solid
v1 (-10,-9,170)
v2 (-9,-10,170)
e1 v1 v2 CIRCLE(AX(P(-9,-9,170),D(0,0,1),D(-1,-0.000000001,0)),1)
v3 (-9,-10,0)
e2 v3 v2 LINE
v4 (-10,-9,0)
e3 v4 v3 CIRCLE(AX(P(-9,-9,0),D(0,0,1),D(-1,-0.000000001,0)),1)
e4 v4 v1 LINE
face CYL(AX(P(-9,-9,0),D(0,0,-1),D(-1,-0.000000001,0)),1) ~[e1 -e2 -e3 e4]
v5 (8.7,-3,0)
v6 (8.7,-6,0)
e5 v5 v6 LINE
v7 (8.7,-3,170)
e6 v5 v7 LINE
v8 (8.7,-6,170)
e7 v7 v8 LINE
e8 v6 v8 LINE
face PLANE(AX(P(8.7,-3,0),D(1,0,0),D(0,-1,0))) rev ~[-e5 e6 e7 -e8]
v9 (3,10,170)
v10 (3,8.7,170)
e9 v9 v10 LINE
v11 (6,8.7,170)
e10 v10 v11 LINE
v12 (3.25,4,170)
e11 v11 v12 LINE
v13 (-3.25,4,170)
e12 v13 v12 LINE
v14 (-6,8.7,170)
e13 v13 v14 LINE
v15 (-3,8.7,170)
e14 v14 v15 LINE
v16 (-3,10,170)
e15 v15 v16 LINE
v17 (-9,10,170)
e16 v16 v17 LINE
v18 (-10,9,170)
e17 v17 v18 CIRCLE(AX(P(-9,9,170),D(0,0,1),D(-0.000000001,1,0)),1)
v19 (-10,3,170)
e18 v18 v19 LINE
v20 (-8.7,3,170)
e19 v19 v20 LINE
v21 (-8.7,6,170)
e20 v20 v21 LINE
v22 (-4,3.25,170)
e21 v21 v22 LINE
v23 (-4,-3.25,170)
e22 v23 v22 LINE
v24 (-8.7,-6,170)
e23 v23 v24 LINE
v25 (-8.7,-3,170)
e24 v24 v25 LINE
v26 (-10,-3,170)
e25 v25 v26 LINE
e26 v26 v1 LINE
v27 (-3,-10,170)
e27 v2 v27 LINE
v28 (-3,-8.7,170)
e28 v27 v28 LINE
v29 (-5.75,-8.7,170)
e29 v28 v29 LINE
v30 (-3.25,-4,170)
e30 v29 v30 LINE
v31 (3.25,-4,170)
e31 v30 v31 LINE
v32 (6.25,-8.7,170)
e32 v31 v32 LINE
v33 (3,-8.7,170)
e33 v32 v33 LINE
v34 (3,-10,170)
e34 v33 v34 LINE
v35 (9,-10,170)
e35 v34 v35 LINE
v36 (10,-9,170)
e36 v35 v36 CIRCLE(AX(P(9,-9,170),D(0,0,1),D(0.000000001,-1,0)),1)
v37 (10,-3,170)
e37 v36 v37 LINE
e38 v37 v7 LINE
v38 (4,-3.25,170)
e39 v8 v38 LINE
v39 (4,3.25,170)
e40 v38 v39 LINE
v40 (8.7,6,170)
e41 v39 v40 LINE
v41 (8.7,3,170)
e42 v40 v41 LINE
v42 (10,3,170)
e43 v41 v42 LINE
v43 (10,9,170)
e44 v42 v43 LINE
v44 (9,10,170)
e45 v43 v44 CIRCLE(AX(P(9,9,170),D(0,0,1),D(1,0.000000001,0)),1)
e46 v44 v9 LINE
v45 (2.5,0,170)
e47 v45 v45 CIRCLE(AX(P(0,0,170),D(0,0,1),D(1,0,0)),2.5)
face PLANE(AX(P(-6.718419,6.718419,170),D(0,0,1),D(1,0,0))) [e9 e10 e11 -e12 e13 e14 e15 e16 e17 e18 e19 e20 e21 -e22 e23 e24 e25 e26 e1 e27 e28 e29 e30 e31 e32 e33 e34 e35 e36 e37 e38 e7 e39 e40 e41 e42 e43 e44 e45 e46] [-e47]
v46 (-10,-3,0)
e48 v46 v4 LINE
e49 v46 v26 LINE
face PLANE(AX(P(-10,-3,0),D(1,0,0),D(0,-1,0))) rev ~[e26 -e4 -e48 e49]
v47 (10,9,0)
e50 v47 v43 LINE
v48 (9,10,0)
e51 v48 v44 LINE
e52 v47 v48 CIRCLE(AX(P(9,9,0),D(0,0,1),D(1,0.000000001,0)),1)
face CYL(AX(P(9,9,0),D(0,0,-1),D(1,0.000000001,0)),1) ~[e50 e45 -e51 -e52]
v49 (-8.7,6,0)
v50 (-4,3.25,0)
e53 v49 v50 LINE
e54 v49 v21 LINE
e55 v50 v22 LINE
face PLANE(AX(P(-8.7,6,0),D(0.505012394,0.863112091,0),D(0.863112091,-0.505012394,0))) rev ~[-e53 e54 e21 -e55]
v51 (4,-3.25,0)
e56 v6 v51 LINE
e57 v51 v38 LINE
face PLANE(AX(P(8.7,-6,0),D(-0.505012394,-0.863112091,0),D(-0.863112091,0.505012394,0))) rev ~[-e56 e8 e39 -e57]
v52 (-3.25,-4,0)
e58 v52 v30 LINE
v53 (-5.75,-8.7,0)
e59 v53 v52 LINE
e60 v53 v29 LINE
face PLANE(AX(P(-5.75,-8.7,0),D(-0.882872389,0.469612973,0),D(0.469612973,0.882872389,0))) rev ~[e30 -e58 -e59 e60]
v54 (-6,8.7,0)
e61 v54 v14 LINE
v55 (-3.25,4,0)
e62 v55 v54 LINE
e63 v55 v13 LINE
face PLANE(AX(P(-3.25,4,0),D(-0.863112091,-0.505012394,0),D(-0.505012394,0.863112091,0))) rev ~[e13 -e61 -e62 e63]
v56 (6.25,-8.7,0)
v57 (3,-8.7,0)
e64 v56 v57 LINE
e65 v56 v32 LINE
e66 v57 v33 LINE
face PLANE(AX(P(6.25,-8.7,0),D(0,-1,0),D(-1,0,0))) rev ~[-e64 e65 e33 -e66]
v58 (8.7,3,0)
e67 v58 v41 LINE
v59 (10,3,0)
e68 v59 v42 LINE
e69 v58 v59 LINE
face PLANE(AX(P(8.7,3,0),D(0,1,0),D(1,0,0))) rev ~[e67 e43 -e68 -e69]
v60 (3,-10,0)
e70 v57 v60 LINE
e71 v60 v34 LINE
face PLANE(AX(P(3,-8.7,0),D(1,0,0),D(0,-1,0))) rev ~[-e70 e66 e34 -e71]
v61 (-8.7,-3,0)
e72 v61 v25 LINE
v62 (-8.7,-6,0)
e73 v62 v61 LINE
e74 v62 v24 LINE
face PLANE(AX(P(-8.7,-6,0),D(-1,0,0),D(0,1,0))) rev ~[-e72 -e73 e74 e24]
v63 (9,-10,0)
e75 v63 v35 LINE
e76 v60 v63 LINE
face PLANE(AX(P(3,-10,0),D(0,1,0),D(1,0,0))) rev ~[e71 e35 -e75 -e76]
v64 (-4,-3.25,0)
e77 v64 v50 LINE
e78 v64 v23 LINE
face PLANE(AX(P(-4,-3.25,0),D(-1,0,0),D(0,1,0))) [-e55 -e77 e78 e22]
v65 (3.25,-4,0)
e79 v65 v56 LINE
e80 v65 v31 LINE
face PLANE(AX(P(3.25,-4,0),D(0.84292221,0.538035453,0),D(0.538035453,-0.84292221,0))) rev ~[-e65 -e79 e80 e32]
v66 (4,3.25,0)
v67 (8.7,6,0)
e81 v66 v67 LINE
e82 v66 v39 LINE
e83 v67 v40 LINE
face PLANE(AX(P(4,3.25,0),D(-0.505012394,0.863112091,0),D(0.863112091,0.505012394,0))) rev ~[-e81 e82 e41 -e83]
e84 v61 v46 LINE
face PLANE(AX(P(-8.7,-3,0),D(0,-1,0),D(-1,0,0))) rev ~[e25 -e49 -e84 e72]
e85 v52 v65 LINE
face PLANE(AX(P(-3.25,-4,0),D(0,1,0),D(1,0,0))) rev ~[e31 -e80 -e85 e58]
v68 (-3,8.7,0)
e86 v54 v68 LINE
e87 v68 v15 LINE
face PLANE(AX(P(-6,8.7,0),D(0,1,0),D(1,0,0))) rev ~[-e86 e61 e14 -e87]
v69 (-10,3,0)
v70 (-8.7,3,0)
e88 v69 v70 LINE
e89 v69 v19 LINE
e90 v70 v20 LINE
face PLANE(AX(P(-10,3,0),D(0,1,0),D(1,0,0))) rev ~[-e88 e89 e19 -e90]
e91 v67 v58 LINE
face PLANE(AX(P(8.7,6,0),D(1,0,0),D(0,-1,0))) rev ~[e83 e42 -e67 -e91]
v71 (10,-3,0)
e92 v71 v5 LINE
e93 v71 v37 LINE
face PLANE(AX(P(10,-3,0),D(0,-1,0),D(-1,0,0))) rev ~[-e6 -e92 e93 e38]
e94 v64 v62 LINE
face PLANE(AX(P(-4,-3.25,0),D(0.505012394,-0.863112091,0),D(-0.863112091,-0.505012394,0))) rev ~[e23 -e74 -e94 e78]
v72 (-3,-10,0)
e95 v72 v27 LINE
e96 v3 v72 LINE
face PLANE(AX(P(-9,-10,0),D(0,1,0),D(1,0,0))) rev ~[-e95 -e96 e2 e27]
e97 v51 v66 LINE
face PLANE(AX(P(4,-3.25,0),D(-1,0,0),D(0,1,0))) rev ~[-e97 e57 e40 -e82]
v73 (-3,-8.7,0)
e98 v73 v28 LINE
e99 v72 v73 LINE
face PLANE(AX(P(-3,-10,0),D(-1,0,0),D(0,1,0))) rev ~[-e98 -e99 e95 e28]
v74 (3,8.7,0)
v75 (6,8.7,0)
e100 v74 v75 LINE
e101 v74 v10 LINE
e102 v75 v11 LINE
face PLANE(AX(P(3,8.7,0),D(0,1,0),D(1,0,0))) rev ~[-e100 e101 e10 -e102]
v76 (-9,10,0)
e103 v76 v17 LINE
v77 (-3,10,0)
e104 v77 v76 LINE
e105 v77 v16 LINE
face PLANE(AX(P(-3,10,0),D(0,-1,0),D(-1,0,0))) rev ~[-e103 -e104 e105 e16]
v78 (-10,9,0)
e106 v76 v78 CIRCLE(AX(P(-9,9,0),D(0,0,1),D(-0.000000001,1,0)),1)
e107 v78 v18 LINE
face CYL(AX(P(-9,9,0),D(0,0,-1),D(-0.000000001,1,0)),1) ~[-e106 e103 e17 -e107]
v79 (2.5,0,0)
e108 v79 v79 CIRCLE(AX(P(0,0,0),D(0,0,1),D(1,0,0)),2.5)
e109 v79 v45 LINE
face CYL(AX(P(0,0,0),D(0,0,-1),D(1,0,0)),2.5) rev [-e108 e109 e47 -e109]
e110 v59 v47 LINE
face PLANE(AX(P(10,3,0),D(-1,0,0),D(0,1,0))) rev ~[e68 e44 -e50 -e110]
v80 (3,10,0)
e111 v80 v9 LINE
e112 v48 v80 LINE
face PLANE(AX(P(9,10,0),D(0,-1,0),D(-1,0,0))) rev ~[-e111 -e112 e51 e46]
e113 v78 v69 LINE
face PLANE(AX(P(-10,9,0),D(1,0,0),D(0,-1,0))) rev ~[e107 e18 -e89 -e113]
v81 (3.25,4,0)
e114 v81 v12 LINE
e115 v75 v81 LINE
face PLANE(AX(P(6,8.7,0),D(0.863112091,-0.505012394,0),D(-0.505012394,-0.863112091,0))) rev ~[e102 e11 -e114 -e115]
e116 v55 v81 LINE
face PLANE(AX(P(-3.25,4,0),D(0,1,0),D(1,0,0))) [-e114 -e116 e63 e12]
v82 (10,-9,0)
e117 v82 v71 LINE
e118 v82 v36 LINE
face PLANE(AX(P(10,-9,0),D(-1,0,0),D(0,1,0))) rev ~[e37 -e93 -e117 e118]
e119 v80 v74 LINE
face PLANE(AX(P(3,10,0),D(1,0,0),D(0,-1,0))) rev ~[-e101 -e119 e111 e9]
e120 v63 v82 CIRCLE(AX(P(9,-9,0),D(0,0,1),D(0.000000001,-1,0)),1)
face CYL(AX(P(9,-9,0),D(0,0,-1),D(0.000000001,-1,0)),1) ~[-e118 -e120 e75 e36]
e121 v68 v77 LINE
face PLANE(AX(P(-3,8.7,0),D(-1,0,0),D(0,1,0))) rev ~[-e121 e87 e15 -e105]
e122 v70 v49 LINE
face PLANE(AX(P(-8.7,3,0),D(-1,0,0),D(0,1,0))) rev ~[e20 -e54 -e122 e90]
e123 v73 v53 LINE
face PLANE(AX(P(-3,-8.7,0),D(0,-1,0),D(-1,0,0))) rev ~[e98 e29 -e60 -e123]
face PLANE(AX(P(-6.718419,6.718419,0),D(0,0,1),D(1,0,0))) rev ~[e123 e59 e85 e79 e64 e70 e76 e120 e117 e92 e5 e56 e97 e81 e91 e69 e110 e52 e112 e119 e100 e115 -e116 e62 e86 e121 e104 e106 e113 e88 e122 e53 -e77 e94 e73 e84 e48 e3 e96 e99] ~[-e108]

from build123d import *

# Parameters (mm, degrees)
CROQUIS1_W              = 8
CROQUIS1_H              = 8
CROQUIS1_R              = 2.5
SALIENTE_EXTRUIR4_DEPTH = 170


with BuildPart() as part:
    # Croquis1 → Saliente-Extruir4 (new body)
    with BuildSketch(Plane.XY):
        with BuildLine():
            Line((-3, 8.7), (-3, 10))
            Line((-3, 10), (-9, 10))
            ThreePointArc((-9, 10), (-9.707106781, 9.707106781), (-10, 9))
            Line((-10, 9), (-10, 3))
            Line((-10, 3), (-8.7, 3))
            Line((-8.7, 3), (-8.7, 6))
            Line((-8.7, 6), (-4, 3.25))
            Line((-4, 3.25), (-4, 4))
            Line((-4, 4), (-3.25, 4))
            Line((-3.25, 4), (-6, 8.7))
            Line((-6, 8.7), (-3, 8.7))
        make_face()
        with BuildLine():
            Line((9, 10), (3, 10))
            Line((3, 10), (3, 8.7))
            Line((3, 8.7), (6, 8.7))
            Line((6, 8.7), (3.25, 4))
            Line((3.25, 4), (4, 4))
            Line((4, 4), (4, 3.25))
            Line((4, 3.25), (8.7, 6))
            Line((8.7, 6), (8.7, 3))
            Line((8.7, 3), (10, 3))
            Line((10, 3), (10, 9))
            ThreePointArc((10, 9), (9.707106781, 9.707106781), (9, 10))
        make_face()
        with BuildLine():
            Line((10, -9), (10, -3))
            Line((10, -3), (8.7, -3))
            Line((8.7, -3), (8.7, -6))
            Line((8.7, -6), (4, -3.25))
            Line((4, -3.25), (4, -4))
            Line((4, -4), (3.25, -4))
            Line((3.25, -4), (6.25, -8.7))
            Line((6.25, -8.7), (3, -8.7))
            Line((3, -8.7), (3, -10))
            Line((3, -10), (9, -10))
            ThreePointArc((9, -10), (9.707106781, -9.707106781), (10, -9))
        make_face()
        with BuildLine():
            Line((-8.7, -3), (-10, -3))
            Line((-10, -3), (-10, -9))
            ThreePointArc((-10, -9), (-9.707106781, -9.707106781), (-9, -10))
            Line((-9, -10), (-3, -10))
            Line((-3, -10), (-3, -8.7))
            Line((-3, -8.7), (-5.75, -8.7))
            Line((-5.75, -8.7), (-3.25, -4))
            Line((-3.25, -4), (-4, -4))
            Line((-4, -4), (-4, -3.25))
            Line((-4, -3.25), (-8.7, -6))
            Line((-8.7, -6), (-8.7, -3))
        make_face()
        Rectangle(CROQUIS1_W, CROQUIS1_H)
        Circle(CROQUIS1_R, mode=Mode.SUBTRACT)
    extrude(amount=SALIENTE_EXTRUIR4_DEPTH)


solid = part.part
